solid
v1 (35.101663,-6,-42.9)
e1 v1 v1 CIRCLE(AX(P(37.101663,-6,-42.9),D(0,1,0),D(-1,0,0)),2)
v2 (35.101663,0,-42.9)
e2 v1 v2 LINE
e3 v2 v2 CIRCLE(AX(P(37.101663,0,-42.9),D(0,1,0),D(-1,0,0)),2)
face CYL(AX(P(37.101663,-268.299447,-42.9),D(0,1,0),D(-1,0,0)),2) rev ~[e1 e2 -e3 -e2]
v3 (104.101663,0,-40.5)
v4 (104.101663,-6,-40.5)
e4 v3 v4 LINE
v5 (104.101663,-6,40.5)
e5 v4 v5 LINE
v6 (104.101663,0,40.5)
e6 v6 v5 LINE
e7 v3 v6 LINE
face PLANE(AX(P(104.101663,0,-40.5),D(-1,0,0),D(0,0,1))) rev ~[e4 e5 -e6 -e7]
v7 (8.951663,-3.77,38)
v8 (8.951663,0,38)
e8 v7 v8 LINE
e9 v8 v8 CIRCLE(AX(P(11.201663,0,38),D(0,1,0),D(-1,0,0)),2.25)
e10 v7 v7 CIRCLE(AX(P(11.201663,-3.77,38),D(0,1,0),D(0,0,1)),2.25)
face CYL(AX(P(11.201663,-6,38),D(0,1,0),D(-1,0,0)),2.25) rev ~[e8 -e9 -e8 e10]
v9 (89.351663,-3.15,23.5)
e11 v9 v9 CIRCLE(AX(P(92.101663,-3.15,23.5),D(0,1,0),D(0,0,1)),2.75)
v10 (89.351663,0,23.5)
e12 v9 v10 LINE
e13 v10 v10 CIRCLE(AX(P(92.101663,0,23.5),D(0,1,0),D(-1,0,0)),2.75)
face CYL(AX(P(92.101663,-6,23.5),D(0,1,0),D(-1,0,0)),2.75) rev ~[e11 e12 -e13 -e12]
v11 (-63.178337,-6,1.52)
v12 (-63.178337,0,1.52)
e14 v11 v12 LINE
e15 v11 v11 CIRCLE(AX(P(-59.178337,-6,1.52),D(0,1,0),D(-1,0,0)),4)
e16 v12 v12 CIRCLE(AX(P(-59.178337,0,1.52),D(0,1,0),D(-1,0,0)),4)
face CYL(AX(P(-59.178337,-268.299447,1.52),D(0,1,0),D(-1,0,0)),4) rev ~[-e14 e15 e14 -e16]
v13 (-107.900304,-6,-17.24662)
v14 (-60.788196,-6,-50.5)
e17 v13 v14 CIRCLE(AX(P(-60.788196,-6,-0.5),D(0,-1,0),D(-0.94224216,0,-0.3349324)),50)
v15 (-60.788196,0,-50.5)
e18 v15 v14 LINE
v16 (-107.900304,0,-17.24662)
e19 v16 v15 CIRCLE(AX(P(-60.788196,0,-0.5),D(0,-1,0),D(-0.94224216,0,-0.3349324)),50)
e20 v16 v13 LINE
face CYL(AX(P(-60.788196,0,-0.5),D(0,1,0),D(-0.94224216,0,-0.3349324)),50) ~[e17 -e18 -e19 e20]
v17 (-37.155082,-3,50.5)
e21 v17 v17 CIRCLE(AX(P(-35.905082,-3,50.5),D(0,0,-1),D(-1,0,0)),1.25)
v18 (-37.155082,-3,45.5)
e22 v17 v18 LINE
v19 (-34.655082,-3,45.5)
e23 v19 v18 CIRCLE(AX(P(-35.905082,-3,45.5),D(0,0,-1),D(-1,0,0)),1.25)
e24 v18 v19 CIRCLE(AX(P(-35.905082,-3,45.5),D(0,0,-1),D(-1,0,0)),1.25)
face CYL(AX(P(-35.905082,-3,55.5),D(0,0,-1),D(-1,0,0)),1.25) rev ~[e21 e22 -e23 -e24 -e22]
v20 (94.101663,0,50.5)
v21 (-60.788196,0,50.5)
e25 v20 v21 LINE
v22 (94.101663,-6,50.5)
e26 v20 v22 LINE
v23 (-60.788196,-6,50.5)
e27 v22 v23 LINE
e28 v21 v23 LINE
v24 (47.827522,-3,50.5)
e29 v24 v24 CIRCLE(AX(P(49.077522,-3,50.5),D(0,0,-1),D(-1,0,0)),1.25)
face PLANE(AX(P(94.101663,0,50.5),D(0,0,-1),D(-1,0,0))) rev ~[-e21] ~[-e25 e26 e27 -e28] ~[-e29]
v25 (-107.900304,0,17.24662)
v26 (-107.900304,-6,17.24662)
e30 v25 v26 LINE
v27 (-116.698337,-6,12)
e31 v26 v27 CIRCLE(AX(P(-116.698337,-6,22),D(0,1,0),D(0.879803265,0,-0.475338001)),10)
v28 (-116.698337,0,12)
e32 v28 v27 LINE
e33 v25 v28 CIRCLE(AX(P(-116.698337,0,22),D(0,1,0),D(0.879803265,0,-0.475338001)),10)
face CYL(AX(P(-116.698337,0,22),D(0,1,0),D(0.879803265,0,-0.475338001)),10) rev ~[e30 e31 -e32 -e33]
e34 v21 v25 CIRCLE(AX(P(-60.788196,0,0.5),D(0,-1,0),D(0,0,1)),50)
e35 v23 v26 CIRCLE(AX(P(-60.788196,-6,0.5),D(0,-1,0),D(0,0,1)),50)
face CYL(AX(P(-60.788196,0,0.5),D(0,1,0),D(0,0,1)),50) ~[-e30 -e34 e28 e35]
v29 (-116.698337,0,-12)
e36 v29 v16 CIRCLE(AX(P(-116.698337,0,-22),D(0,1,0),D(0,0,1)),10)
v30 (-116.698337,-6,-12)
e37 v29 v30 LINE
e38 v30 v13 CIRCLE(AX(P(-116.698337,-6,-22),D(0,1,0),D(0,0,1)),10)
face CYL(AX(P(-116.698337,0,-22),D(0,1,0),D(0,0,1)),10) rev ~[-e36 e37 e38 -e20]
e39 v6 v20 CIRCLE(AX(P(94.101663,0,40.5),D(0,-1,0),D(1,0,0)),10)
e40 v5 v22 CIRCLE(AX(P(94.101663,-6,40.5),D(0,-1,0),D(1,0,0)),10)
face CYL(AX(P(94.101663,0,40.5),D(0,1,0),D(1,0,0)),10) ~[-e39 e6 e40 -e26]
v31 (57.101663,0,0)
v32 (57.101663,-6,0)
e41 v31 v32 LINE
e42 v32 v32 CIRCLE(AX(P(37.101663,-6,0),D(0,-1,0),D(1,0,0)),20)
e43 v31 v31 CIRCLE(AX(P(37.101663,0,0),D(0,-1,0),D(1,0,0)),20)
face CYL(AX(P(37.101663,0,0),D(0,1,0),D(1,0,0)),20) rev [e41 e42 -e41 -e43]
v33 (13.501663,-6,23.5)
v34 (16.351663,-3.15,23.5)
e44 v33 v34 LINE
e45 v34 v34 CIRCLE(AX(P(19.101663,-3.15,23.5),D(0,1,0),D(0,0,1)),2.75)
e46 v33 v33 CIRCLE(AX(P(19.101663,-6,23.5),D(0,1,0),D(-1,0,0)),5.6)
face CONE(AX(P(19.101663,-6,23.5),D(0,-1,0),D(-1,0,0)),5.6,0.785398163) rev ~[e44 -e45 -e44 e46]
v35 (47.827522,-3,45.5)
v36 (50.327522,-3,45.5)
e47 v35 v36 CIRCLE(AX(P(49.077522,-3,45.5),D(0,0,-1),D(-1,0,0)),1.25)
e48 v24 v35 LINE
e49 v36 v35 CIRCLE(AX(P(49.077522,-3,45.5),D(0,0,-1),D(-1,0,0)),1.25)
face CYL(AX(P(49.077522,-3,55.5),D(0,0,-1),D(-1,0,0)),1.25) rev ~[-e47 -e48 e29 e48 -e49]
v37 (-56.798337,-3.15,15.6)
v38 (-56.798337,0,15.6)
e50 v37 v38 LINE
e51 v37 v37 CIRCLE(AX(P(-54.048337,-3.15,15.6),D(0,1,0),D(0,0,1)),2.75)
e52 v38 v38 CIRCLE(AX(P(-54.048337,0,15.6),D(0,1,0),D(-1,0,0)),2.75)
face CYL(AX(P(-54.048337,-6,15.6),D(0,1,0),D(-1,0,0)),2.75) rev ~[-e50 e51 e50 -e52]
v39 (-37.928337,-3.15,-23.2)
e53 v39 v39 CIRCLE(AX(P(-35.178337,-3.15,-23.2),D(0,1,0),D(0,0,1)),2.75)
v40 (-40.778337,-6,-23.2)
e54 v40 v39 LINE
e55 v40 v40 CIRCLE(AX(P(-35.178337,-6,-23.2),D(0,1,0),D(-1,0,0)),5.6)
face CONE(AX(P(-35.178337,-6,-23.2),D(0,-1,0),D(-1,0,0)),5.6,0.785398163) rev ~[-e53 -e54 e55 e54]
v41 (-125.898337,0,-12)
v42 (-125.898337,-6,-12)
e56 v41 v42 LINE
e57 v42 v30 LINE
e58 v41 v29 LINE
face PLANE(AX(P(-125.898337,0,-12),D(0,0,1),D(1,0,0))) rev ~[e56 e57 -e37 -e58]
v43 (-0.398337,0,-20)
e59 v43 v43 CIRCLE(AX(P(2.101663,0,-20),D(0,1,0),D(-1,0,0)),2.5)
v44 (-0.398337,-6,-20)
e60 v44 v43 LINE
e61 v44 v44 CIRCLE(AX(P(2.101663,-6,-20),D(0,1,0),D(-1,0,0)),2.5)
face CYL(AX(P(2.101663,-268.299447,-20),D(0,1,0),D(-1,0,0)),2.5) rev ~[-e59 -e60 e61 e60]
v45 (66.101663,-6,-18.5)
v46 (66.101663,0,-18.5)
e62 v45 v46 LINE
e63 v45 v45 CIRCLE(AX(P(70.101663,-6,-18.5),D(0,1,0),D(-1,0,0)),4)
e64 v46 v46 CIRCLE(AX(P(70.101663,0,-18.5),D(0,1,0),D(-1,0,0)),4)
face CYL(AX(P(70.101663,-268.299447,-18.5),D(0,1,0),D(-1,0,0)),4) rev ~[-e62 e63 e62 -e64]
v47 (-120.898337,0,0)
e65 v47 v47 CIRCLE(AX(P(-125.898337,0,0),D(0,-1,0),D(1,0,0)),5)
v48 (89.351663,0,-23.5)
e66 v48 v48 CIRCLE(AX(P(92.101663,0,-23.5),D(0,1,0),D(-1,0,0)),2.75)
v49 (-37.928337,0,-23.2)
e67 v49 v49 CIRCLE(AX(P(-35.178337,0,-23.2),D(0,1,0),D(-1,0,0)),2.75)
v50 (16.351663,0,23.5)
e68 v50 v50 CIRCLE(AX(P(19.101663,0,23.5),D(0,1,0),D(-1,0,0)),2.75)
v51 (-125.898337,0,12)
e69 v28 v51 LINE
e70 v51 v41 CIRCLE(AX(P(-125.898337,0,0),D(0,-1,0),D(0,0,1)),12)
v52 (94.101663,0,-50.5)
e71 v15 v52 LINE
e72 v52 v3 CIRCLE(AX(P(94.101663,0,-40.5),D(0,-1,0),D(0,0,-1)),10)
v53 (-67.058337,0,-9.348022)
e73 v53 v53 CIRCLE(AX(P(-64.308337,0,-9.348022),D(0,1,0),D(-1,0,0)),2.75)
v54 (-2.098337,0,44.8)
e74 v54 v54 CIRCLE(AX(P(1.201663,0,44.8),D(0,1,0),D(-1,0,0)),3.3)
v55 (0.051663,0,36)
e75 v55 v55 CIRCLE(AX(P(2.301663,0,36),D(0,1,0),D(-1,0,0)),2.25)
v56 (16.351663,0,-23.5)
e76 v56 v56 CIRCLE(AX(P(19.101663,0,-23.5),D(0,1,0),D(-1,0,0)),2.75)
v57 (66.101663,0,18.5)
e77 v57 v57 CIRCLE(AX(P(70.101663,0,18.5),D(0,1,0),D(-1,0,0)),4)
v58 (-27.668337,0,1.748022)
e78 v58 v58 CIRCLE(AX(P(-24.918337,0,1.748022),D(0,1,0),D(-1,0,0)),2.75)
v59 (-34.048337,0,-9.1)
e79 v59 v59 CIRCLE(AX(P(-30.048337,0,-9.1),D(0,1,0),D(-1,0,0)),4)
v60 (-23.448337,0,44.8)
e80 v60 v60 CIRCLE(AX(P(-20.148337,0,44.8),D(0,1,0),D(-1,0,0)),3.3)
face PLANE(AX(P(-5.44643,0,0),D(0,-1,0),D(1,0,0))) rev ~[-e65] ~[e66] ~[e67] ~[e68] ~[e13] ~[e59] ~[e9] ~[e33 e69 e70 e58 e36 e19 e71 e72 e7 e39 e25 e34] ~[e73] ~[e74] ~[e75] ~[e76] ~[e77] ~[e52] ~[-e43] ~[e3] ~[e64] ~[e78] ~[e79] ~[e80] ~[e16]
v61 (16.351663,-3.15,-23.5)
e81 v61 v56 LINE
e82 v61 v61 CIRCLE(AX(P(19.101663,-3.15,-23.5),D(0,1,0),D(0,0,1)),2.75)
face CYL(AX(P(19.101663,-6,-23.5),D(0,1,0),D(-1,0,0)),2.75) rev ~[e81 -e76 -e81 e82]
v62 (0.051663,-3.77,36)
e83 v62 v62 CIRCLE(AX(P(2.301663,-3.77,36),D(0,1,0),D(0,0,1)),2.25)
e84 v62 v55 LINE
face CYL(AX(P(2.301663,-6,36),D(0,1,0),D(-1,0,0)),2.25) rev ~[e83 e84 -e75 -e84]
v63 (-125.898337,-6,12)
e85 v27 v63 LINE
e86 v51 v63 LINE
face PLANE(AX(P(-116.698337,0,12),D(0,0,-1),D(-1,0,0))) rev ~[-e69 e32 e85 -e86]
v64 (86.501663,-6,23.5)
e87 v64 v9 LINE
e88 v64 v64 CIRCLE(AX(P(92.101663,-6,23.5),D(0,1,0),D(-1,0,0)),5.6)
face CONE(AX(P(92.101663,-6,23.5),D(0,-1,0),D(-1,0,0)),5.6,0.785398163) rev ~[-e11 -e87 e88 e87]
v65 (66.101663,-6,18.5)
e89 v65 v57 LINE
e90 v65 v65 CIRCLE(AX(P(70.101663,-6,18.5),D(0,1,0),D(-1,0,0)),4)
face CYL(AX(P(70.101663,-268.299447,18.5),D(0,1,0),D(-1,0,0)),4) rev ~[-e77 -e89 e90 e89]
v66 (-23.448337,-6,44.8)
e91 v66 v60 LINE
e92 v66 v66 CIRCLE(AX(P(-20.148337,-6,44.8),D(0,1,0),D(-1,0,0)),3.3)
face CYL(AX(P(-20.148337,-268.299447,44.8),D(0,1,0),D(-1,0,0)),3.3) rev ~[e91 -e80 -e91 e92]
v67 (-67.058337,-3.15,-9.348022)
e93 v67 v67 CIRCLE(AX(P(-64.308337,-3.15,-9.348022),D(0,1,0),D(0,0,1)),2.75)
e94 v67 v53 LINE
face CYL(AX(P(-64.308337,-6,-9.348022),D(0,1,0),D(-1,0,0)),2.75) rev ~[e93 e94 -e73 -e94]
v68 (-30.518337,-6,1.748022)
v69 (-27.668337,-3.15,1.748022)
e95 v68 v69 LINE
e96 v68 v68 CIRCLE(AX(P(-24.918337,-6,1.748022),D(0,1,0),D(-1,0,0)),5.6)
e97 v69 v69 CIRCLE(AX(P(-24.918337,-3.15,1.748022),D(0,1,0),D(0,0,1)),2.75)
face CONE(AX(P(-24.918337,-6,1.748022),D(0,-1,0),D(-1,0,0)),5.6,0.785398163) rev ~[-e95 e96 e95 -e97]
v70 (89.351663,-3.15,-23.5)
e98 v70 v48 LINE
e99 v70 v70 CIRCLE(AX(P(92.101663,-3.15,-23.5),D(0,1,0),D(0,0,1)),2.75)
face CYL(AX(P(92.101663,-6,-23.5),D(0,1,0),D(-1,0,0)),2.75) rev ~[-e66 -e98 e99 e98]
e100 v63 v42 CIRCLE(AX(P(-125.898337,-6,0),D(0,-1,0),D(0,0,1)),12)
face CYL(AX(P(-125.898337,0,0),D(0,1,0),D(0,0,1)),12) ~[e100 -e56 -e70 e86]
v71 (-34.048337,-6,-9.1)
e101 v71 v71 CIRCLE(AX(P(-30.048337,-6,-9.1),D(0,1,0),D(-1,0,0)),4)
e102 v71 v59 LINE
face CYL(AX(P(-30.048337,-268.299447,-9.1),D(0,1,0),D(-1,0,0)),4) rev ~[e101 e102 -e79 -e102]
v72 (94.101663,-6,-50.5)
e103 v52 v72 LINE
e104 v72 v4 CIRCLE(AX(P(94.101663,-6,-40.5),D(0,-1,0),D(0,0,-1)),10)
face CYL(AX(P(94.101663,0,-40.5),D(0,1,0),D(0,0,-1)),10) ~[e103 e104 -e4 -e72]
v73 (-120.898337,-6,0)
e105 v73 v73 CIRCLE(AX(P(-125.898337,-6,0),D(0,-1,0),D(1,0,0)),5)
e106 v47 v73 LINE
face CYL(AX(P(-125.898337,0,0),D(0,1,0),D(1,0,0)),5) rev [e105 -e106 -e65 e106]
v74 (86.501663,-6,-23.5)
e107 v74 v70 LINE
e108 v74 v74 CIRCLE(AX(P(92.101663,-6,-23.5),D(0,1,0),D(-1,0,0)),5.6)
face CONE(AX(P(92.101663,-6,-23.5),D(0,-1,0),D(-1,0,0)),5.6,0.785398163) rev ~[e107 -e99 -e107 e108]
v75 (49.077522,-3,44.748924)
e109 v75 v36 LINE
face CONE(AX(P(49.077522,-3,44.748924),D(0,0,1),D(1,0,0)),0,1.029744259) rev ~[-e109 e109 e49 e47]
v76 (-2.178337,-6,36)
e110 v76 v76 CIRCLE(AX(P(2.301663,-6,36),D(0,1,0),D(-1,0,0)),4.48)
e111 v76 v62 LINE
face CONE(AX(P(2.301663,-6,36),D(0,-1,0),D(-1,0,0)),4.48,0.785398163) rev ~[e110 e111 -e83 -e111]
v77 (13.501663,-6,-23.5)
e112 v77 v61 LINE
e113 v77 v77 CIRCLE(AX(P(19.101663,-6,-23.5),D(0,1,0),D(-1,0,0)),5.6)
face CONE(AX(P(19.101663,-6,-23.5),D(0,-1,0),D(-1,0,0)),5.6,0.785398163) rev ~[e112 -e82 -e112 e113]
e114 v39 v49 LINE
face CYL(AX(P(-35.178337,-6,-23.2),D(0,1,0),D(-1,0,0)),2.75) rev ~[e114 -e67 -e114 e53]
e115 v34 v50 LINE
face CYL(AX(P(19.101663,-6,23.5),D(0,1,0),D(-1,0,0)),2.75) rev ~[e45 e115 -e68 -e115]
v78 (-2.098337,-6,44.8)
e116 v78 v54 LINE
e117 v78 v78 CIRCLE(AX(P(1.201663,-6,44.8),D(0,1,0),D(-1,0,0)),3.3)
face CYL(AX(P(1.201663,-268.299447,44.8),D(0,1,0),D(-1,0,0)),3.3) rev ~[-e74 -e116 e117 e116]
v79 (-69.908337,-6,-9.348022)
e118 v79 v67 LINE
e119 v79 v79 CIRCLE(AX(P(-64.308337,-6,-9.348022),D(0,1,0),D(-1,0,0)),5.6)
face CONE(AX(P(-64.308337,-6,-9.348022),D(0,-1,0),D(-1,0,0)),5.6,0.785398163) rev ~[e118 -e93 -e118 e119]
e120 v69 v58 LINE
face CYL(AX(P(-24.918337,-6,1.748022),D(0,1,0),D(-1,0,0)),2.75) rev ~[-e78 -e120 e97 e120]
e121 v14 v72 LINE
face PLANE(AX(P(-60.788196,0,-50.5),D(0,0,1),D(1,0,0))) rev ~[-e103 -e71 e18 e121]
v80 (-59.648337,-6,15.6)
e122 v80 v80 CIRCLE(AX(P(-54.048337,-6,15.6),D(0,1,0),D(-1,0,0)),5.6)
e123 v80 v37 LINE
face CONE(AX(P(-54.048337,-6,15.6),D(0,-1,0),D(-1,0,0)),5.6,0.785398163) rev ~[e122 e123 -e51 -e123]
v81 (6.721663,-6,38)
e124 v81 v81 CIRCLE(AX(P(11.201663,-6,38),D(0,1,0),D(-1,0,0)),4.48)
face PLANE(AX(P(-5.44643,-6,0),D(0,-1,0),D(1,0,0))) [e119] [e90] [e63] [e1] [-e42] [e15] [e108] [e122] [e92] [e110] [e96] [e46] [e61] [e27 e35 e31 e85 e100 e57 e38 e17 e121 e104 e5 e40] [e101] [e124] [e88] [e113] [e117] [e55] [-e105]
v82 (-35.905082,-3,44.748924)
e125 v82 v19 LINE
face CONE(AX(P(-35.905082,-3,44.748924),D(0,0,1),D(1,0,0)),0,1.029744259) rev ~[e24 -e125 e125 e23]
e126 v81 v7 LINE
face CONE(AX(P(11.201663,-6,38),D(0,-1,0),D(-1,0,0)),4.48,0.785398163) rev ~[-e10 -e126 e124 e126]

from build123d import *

# Parameters (mm, degrees)
F0_R           = 5
F0_R_2         = 20
F1_DEPTH       = 6
F3_D           = 6.6
F4_D           = 4.5
F4_CSINK_D     = 8.96
F4_CSINK_ANGLE = 90
F5_D           = 5.5
F5_CSINK_D     = 11.2
F5_CSINK_ANGLE = 90
F6_D           = 4
F7_D           = 8
F8_D           = 5
F10_D          = 2.5
F10_DEPTH      = 5
F10_TIP        = 0.7510757738


with BuildPart() as f1:
    # F0 (on Front) → F1 (new body)
    with BuildSketch(Plane.XZ):
        with BuildLine():
            Line((-116.6983369343, 12), (-125.8983369343, 12))
            ThreePointArc((-125.8983369343, 12), (-137.8983369343, 0), (-125.8983369343, -12))
            Line((-125.8983369343, -12), (-116.6983369343, -12))
            ThreePointArc((-116.6983369343, -12), (-111.5765110931, -13.4112340786), (-107.9003042862, -17.2466199896))
            ThreePointArc((-107.9003042862, -17.2466199896), (-89.6210681696, -41.3493023164), (-60.7881962998, -50.5))
            Line((-60.7881962998, -50.5), (-29.6183369343, -50.5))
            Line((-29.6183369343, -50.5), (94.1016630657, -50.5))
            ThreePointArc((94.1016630657, -50.5), (101.1727308776, -47.5710678119), (104.1016630657, -40.5))
            Line((104.1016630657, -40.5), (104.1016630657, 40.5))
            ThreePointArc((104.1016630657, 40.5), (101.1727308776, 47.5710678119), (94.1016630657, 50.5))
            Line((94.1016630657, 50.5), (-60.7881962998, 50.5))
            ThreePointArc((-60.7881962998, 50.5), (-89.6210681696, 41.3493023164), (-107.9003042862, 17.2466199896))
            ThreePointArc((-107.9003042862, 17.2466199896), (-111.5765110931, 13.4112340786), (-116.6983369343, 12))
        make_face()
        with Locations((-125.8983369343, 0)):
            Circle(F0_R, mode=Mode.SUBTRACT)
        with Locations((37.1016630657, 0)):
            Circle(F0_R_2, mode=Mode.SUBTRACT)
    extrude(amount=F1_DEPTH)

    # F3 (through all)
    with Locations(Plane.XZ.offset(6)):
        with Locations((1.2016630657, 44.8), (-20.1483369343, 44.8)):
            Hole(F3_D / 2)

    # F4 (through all)
    with Locations(Plane.XZ.offset(6)):
        with Locations((2.3016630657, 36), (11.2016630657, 38)):
            CounterSinkHole(F4_D / 2, F4_CSINK_D / 2, counter_sink_angle=F4_CSINK_ANGLE)

    # F5 (through all)
    with Locations(Plane.XZ.offset(6)):
        with Locations((19.1016630657, 23.5), (92.1016630657, 23.5), (92.1016630657, -23.5), (19.1016630657, -23.5), (-35.1783369343, -23.2), (-24.9183369343, 1.7480218202), (-54.0483369343, 15.6), (-64.3083369343, -9.3480218202)):
            CounterSinkHole(F5_D / 2, F5_CSINK_D / 2, counter_sink_angle=F5_CSINK_ANGLE)

    # F6 (through all)
    with Locations(Plane.XZ.offset(6)):
        with Locations((37.1016630657, -42.9)):
            Hole(F6_D / 2)

    # F7 (through all)
    with Locations(Plane.XZ.offset(6)):
        with Locations((70.1016630657, 18.5), (70.1016630657, -18.5), (-30.0483369343, -9.1), (-59.1783369343, 1.52)):
            Hole(F7_D / 2)

    # F8 (through all)
    with Locations(Plane.XZ.offset(6)):
        with Locations((2.1016630657, -20)):
            Hole(F8_D / 2)

    # F10
    with Locations(Plane.XY.offset(50.5)):
        with Locations((49.0775220096, -3), (-35.9050817788, -3)):
            Hole(F10_D / 2, depth=F10_DEPTH)
            with Locations((0, 0, -(F10_DEPTH + F10_TIP / 2))):  # 118° drill point
                Cone(0, F10_D / 2, F10_TIP, mode=Mode.SUBTRACT)


solid = f1.part
